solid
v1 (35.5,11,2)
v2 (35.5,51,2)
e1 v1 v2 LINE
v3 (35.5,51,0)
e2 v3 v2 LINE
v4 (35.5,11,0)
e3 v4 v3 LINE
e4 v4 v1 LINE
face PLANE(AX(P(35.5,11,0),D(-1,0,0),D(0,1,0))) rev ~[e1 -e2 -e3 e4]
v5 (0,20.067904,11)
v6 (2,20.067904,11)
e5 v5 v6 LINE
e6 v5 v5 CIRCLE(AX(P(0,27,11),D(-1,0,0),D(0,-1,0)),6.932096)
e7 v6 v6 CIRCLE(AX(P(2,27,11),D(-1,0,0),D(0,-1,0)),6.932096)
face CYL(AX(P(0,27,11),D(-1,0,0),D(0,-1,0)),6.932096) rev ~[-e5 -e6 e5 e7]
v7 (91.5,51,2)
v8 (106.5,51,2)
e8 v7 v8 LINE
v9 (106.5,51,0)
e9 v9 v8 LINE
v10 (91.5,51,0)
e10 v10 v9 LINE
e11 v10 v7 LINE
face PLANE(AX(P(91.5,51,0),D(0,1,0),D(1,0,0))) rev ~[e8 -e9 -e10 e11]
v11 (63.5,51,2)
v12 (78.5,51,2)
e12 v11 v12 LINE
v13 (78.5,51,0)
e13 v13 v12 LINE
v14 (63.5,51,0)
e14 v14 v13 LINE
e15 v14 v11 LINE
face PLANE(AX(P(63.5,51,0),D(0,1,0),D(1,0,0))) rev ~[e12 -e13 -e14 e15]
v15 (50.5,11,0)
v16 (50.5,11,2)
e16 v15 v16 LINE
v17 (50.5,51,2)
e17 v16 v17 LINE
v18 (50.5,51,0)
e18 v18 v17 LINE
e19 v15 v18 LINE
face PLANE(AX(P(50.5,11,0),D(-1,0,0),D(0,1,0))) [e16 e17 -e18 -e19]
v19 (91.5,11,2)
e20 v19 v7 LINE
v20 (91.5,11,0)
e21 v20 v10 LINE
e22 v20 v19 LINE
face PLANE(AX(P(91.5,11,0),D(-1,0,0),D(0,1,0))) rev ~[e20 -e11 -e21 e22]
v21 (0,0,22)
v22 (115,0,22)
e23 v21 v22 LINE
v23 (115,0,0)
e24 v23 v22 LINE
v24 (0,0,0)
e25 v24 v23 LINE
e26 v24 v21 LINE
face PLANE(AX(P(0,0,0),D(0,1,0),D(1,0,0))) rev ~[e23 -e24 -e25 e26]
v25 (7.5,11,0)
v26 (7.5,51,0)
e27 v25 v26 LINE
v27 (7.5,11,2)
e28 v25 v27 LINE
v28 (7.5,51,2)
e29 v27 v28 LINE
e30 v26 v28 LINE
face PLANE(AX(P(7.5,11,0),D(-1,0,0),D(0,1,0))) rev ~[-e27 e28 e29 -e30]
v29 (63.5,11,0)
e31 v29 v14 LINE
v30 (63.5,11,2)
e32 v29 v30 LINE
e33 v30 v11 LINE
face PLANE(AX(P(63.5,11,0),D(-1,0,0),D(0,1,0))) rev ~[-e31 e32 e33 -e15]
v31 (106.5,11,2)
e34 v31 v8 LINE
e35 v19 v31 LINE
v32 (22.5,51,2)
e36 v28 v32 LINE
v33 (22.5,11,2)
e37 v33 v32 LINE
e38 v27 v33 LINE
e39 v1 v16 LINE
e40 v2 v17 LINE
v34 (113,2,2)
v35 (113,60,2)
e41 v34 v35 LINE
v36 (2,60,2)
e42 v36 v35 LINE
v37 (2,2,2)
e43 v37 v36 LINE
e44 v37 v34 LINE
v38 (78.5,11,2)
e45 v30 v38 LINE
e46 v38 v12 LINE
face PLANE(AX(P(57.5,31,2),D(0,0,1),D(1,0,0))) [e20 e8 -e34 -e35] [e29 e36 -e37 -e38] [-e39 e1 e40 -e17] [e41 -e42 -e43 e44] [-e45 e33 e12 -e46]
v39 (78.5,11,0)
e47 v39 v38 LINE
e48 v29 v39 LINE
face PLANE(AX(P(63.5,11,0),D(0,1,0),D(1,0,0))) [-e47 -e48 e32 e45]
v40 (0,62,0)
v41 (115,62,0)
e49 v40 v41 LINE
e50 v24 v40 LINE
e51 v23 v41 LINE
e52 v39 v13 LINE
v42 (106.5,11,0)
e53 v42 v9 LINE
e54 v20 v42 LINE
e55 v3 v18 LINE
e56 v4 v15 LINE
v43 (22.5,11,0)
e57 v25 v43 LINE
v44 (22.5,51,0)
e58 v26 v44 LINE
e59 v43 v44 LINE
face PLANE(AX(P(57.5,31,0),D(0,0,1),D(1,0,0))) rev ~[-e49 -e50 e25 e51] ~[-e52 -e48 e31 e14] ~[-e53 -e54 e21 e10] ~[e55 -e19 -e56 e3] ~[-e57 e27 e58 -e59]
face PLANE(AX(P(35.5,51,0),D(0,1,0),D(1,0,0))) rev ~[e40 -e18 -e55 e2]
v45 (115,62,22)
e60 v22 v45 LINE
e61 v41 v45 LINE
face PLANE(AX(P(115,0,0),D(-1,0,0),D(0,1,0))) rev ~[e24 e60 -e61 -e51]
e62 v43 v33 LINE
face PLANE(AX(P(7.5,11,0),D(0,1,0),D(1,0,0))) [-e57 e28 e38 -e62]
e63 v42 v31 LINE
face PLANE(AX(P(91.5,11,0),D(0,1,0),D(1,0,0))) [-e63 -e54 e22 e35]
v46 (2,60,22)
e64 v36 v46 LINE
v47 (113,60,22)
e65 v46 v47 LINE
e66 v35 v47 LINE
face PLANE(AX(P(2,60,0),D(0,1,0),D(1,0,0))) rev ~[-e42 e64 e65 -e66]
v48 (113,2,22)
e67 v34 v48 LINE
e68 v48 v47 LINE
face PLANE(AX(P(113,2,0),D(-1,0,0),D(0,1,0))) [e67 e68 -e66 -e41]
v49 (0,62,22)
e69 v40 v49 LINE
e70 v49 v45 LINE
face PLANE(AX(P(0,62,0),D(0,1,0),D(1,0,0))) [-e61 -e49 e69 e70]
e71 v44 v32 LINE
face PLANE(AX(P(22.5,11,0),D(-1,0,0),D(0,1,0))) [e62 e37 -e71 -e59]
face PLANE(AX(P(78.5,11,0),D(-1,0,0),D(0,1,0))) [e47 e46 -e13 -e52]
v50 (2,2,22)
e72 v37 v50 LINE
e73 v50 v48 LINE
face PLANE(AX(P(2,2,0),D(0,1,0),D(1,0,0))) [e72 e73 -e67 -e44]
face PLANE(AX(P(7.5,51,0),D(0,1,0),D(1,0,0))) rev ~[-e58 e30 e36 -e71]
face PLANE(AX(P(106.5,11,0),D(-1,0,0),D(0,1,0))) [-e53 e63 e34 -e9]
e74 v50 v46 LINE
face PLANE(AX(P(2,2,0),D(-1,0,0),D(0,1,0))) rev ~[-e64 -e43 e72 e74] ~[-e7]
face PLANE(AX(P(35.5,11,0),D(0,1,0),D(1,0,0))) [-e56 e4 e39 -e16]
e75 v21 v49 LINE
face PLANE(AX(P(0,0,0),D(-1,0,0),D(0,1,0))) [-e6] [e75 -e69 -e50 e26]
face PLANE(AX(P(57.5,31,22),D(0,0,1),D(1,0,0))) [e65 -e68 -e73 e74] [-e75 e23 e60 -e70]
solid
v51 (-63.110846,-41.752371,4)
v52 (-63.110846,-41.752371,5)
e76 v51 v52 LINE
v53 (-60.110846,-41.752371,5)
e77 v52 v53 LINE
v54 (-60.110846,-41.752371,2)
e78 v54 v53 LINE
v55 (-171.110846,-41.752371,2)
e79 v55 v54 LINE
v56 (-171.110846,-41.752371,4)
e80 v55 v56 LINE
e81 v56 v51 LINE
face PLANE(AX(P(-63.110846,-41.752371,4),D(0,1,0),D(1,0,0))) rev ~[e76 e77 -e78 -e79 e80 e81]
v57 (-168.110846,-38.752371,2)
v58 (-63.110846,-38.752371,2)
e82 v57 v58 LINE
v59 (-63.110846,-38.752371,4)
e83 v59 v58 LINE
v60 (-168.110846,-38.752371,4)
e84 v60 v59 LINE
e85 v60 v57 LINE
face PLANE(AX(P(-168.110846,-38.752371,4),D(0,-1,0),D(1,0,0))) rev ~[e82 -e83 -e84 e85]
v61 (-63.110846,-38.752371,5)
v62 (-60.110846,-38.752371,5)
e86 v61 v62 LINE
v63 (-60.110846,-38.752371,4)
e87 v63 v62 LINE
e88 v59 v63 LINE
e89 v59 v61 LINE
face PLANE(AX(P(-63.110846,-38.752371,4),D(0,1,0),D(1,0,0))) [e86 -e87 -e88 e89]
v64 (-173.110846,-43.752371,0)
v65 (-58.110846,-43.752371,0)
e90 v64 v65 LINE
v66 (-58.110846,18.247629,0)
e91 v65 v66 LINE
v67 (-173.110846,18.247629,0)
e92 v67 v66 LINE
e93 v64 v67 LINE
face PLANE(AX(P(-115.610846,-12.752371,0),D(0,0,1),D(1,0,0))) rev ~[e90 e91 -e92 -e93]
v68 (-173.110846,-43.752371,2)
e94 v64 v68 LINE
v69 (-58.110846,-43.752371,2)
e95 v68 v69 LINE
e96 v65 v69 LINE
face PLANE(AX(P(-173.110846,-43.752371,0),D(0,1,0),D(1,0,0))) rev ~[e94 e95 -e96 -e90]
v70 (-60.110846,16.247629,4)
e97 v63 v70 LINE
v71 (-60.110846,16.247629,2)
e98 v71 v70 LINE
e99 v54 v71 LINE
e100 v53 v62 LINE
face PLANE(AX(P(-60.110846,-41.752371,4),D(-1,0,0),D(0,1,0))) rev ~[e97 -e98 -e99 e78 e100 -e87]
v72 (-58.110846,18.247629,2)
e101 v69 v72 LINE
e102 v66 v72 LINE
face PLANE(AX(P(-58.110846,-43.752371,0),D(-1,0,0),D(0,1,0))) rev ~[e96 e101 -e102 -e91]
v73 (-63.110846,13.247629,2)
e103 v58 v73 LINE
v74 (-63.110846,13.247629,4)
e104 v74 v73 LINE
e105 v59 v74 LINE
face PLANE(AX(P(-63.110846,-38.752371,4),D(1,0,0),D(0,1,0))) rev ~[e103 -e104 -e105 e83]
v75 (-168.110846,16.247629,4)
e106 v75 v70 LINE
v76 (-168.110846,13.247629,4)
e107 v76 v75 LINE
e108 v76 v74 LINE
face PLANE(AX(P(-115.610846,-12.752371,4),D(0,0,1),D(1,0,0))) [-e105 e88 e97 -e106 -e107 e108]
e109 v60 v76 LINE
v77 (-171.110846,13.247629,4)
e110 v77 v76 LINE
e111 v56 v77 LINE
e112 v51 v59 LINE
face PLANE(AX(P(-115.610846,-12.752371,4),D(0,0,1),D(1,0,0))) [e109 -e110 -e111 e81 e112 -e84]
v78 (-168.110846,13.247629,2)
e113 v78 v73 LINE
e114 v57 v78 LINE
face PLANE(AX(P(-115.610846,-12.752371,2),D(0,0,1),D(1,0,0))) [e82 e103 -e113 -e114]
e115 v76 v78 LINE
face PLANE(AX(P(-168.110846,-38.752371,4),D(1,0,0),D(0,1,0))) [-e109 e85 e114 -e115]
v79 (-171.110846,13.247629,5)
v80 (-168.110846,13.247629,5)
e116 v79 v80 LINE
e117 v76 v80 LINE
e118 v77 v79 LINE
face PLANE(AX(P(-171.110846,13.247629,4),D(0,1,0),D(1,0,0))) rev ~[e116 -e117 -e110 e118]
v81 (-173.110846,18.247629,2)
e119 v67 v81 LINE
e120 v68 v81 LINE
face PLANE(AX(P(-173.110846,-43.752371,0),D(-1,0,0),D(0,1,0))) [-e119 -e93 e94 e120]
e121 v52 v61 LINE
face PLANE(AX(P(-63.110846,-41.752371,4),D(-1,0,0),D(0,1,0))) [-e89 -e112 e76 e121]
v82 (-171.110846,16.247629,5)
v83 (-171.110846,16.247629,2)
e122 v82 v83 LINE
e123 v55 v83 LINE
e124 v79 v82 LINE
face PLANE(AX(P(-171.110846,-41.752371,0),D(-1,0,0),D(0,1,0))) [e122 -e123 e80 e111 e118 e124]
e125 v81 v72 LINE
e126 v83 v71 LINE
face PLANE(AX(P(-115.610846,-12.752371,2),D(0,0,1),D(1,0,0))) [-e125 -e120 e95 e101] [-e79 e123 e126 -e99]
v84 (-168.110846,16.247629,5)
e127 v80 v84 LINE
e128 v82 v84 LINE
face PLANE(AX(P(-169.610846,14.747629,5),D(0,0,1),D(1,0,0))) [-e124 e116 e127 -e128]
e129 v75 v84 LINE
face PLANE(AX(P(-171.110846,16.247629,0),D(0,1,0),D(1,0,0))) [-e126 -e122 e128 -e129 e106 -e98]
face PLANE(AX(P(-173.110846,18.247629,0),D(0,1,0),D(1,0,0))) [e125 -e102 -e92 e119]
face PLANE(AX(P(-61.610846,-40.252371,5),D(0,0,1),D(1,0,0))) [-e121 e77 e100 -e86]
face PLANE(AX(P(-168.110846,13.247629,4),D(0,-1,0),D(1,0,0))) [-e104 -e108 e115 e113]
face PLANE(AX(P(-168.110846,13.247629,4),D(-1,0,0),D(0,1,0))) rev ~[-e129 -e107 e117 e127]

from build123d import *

# Parameters (mm, degrees)
F0_W      = 111
F0_H      = 58
F0_W_2    = 15
F0_H_2    = 40
F1_DEPTH  = 2
F0_W_3    = 115
F0_H_3    = 62
F2_DEPTH  = 22
F3_R      = 6.932096
F4_DEPTH  = 25
F5_W      = 115
F5_H      = 62
F5_W_2    = 111
F5_H_2    = 58
F6_DEPTH  = 2
F7_DEPTH  = 4
F8_W      = 105
F8_H      = 52
F9_DEPTH  = 2
F8_W_2    = 3
F8_H_2    = 3
F10_DEPTH = 1


with BuildPart() as f1:
    # F0 (on Top) → F1 (new body)
    with BuildSketch(Plane.XY):
        with Locations((57.5, 31)):
            Rectangle(F0_W, F0_H)
        with Locations((15, 31)):
            Rectangle(F0_W_2, F0_H_2, mode=Mode.SUBTRACT)
        with Locations((43, 31)):
            Rectangle(F0_W_2, F0_H_2, mode=Mode.SUBTRACT)
        with Locations((71, 31)):
            Rectangle(F0_W_2, F0_H_2, mode=Mode.SUBTRACT)
        with Locations((99, 31)):
            Rectangle(F0_W_2, F0_H_2, mode=Mode.SUBTRACT)
    extrude(amount=F1_DEPTH)

    # F0 (on Top) → F2 (join)
    with BuildSketch(Plane.XY):
        with Locations((57.5, 31)):
            Rectangle(F0_W_3, F0_H_3)
        with Locations((57.5, 31)):
            Rectangle(F0_W, F0_H, mode=Mode.SUBTRACT)
    extrude(amount=F2_DEPTH)

    # F3 (on face) → F4 (cut)
    with BuildSketch(Plane(origin=(0, 0, 0), x_dir=(0, -1, 0), z_dir=(-1, 0, 0))):
        with Locations((-27, 11)):
            Circle(F3_R)
    extrude(amount=-F4_DEPTH, mode=Mode.SUBTRACT)


with BuildPart() as f6:
    # F5 (on Top) → F6 (new body)
    with BuildSketch(Plane.XY):
        with Locations((-115.610846, -12.752371)):
            Rectangle(F5_W, F5_H)
        with Locations((-115.610846, -12.752371)):
            Rectangle(F5_W_2, F5_H_2, mode=Mode.SUBTRACT)
    extrude(amount=F6_DEPTH)

    # F5 (on Top) → F7 (join)
    with BuildSketch(Plane.XY):
        with Locations((-115.610846, -12.752371)):
            Rectangle(F5_W_2, F5_H_2)
    extrude(amount=F7_DEPTH)

    # F8 (on face) → F9 (cut)
    with BuildSketch(Plane.XY.offset(4)):
        with Locations((-115.610846, -12.752371)):
            Rectangle(F8_W, F8_H)
    extrude(amount=-F9_DEPTH, mode=Mode.SUBTRACT)

    # F8 (on face) → F10 (join)
    with BuildSketch(Plane.XY.offset(4)):
        with Locations((-61.610846, -40.252371)):
            Rectangle(F8_W_2, F8_H_2)
        with Locations((-169.610846, 14.747629)):
            Rectangle(F8_W_2, F8_H_2)
    extrude(amount=F10_DEPTH)


solid = Compound([f1.part, f6.part])
